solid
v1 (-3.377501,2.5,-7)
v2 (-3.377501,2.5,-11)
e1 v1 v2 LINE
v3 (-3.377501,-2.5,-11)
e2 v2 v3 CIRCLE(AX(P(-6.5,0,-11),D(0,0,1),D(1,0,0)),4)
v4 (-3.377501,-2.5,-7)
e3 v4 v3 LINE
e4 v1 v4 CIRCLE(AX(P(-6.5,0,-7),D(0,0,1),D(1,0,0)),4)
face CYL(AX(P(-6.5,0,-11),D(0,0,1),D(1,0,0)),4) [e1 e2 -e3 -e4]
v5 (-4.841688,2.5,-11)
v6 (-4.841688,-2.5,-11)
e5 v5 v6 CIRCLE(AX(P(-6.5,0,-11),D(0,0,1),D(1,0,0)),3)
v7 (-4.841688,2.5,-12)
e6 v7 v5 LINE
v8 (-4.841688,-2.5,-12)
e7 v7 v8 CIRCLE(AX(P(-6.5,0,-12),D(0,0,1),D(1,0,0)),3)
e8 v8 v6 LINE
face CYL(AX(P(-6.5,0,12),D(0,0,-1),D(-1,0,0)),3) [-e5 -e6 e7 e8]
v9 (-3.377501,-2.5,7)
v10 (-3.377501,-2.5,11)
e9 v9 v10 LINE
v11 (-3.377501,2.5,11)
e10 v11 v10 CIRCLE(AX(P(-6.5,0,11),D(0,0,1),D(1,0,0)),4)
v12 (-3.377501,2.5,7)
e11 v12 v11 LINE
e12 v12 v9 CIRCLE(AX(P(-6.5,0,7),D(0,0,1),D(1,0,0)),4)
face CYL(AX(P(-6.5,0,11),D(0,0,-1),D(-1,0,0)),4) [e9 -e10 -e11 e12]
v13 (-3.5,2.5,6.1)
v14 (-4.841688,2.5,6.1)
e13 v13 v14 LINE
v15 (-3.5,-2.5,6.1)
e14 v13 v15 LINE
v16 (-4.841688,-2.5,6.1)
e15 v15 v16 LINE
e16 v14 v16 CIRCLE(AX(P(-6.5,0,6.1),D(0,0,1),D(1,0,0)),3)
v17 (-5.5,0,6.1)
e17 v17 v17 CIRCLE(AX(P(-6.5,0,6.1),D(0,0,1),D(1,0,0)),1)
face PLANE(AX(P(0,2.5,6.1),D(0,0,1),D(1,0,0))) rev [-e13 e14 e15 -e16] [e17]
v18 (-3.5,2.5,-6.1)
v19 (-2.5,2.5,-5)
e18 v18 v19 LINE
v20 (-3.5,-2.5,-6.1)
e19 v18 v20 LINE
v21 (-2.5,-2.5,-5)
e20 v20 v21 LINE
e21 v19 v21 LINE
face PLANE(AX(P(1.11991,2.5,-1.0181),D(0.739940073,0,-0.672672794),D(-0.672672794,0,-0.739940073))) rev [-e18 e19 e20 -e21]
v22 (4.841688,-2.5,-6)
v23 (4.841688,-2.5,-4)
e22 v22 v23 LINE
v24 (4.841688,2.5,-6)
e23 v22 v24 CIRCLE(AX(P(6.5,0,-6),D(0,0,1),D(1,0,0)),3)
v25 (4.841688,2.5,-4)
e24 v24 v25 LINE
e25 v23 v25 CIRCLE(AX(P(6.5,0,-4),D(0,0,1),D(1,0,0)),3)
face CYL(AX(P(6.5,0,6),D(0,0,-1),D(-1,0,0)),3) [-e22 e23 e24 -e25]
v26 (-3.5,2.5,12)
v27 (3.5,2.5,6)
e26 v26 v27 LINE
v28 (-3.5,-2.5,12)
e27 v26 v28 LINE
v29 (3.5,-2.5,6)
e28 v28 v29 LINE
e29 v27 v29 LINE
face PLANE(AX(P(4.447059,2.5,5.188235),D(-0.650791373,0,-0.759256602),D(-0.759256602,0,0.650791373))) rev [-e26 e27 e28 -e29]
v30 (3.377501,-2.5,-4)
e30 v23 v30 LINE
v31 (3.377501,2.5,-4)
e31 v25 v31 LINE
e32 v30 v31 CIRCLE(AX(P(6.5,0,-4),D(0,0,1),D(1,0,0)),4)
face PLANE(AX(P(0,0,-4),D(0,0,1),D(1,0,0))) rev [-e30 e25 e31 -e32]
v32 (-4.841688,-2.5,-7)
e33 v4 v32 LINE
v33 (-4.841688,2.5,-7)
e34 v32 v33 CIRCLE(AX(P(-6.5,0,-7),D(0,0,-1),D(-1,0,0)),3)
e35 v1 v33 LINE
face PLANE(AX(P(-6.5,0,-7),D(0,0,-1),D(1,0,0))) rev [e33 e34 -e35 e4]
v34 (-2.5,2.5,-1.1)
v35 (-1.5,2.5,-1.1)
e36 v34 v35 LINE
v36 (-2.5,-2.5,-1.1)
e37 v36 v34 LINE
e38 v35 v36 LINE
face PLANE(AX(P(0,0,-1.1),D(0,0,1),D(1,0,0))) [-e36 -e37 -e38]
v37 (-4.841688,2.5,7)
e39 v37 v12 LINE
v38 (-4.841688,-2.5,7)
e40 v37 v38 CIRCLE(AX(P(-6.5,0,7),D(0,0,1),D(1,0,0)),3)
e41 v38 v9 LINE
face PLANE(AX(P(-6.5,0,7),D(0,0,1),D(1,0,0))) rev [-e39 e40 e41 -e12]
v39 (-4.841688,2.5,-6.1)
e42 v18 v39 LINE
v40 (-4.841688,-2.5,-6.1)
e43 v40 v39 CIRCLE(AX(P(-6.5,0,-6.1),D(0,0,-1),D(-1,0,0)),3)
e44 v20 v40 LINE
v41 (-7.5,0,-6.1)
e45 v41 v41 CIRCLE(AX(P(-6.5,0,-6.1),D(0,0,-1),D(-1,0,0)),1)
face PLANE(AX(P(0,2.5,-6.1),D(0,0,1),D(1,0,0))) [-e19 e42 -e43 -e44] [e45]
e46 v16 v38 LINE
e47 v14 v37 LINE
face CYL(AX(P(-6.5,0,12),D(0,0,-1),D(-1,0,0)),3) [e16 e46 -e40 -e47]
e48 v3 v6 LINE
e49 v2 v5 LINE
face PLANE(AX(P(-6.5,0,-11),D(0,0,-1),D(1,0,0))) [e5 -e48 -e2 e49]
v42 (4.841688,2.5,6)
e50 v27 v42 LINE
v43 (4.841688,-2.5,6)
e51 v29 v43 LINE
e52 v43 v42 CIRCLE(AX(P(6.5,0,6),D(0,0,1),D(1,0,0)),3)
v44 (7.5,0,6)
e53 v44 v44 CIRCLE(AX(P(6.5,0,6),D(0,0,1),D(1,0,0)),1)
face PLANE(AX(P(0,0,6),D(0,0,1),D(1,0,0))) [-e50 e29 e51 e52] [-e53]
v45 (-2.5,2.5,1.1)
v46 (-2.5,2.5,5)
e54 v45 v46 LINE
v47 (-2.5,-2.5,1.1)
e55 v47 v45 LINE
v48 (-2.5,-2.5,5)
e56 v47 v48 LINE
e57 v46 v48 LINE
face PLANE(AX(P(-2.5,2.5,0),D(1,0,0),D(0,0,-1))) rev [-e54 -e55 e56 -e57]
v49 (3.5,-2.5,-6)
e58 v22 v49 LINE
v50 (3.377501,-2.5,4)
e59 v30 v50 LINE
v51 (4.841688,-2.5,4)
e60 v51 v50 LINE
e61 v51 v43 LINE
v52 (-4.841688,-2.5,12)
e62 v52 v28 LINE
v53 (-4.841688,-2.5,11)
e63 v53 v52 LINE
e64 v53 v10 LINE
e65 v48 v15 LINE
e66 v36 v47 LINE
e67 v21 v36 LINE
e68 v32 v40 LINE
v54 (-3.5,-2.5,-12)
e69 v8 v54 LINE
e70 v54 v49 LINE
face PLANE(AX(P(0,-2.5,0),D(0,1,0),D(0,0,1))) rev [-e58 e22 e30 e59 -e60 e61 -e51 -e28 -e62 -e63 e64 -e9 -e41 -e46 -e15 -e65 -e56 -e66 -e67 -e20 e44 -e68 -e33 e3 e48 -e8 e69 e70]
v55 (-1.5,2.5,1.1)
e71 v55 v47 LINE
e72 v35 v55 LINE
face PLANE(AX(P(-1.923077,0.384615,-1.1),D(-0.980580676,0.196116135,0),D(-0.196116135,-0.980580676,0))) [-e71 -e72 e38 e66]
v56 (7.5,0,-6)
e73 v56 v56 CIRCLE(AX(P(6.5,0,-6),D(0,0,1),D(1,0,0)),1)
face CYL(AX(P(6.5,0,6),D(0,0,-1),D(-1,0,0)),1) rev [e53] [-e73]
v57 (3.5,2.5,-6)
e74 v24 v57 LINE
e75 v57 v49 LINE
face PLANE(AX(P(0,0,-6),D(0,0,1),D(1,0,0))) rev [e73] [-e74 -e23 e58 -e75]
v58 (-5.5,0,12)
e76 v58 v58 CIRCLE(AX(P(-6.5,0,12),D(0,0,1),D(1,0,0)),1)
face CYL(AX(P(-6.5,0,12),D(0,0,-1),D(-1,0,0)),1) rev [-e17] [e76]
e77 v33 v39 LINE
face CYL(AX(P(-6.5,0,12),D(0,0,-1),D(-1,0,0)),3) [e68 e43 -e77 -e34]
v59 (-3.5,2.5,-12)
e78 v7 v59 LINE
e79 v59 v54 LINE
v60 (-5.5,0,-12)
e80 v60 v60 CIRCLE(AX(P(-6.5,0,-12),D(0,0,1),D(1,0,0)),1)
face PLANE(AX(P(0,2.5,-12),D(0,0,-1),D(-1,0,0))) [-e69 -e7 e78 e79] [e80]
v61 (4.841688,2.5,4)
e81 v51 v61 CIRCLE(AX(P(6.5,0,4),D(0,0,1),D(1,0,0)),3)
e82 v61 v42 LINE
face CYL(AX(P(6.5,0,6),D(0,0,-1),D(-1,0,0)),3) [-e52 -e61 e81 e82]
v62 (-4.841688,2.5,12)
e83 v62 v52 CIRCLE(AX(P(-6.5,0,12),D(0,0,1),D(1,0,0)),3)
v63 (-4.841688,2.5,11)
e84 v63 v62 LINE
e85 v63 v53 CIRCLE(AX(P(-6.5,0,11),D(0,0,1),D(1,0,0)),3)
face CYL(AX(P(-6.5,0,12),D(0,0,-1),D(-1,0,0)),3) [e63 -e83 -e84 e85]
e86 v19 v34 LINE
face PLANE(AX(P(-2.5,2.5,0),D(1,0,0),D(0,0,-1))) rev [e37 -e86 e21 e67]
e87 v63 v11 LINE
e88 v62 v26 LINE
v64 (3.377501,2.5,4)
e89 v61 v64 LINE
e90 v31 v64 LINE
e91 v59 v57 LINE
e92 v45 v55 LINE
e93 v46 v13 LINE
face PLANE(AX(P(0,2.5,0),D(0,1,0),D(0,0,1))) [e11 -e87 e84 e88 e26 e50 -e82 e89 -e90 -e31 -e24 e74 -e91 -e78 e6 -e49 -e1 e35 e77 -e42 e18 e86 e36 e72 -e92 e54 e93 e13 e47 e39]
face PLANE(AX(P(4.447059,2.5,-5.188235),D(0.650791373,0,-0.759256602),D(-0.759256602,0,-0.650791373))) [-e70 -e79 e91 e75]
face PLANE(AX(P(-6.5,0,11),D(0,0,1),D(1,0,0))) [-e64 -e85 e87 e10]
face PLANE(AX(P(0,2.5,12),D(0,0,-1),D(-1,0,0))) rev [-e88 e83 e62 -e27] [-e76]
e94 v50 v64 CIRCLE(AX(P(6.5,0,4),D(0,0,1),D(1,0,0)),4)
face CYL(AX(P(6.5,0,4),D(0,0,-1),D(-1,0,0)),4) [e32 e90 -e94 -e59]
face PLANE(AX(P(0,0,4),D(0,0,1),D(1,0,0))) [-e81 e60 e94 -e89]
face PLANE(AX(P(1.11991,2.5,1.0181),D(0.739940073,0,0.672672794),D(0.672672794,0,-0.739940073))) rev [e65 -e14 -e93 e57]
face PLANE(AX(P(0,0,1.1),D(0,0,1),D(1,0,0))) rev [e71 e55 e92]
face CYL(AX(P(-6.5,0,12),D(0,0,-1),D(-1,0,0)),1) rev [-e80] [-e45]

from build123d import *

# Parameters (mm, degrees)
SKETCH_1_R               = 3
SKETCH_1_R_2             = 1
EXTRUDE_1_DEPTH          = 6
SKETCH_1_4_R             = 4
SKETCH_1_4_R_2           = 3
EXTRUDE_2_DEPTH          = 4
SKETCH_1_5_R             = 3
SKETCH_1_5_R_2           = 1
EXTRUDE_3_DEPTH          = 12
SKETCH_2_R               = 4
SKETCH_2_R_2             = 3
EXTRUDE_4_DEPTH          = 2
CUT_EXTRUDE_1_DEPTH      = 17.439282223
CUT_EXTRUDE_1_DEPTH_BACK = 17.439282223
SKETCH_3_W               = 6
SKETCH_3_H               = 12.2
EXTRUDE_7_DEPTH          = 2.5
CUT_EXTRUDE_2_DEPTH      = 1.1


with BuildPart() as part:
    # Эскиз1 → Бобышка-Вытянуть1 (new, symmetric)
    with BuildSketch(Plane.XY):
        with Locations((6.5, 0)):
            Circle(SKETCH_1_R)
        with Locations((6.5, 0)):
            Circle(SKETCH_1_R_2, mode=Mode.SUBTRACT)
    extrude(amount=EXTRUDE_1_DEPTH, both=True)

    # Эскиз1<4> → Бобышка-Вытянуть2 (add, symmetric)
    with BuildSketch(Plane.XY):
        with Locations((6.5, 0)):
            Circle(SKETCH_1_4_R)
        with Locations((6.5, 0)):
            Circle(SKETCH_1_4_R_2, mode=Mode.SUBTRACT)
    extrude(amount=EXTRUDE_2_DEPTH, both=True)



with BuildPart() as body_2:
    # Эскиз1<5> → Бобышка-Вытянуть3 (new, symmetric)
    with BuildSketch(Plane.XY):
        with Locations((-6.5, 0)):
            Circle(SKETCH_1_5_R)
        with Locations((-6.5, 0)):
            Circle(SKETCH_1_5_R_2, mode=Mode.SUBTRACT)
    extrude(amount=EXTRUDE_3_DEPTH, both=True)

    # Эскиз2 → Бобышка-Вытянуть4 (add, symmetric)
    with BuildSketch(Plane.XY.offset(9)):
        with Locations((-6.5, 0)):
            Circle(SKETCH_2_R)
        with Locations((-6.5, 0)):
            Circle(SKETCH_2_R_2, mode=Mode.SUBTRACT)
    extrude_4 = extrude(amount=EXTRUDE_4_DEPTH, both=True)

    # Зеркальное отражение1: Бобышка-Вытянуть4 across plane
    add(extrude_4.mirror(Plane.XY))

    # Эскиз3 → Вырез-Вытянуть1 (cut, two sides: drawn at the far end of the back side and taken through both)
    with BuildSketch(Plane(origin=(0, 0, 0), x_dir=(1, 0, 0), z_dir=(0, 1, 0)).offset(-CUT_EXTRUDE_1_DEPTH_BACK)):
        with Locations((-6.5, 0)):
            Rectangle(SKETCH_3_W, SKETCH_3_H)
    extrude(amount=CUT_EXTRUDE_1_DEPTH + CUT_EXTRUDE_1_DEPTH_BACK, mode=Mode.SUBTRACT)


with BuildPart() as cut_extrude_1_piece_1:
    # of the separate pieces the step leaves, piece 1, a body of its own (cut_extrude_1_pieces)
    add(body_2.part.solids().sort_by_distance((-3.5, 0, -12))[0])


with BuildPart() as cut_extrude_1_piece_2:
    # of the separate pieces the step leaves, piece 2, a body of its own (cut_extrude_1_pieces)
    add(body_2.part.solids().sort_by_distance((-5.5, 0, 12))[0])


with BuildPart() as part_1:
    add(part.part)

    add(cut_extrude_1_piece_1.part)  # Бобышка-Вытянуть7 merges Вырез-Вытянуть1 piece 1

    add(cut_extrude_1_piece_2.part)  # Бобышка-Вытянуть7 merges Вырез-Вытянуть1 piece 2
    # Эскиз4 → Бобышка-Вытянуть7 (add, symmetric)
    with BuildSketch(Plane(origin=(0, 0, 0), x_dir=(1, 0, 0), z_dir=(0, 1, 0))):
        Polygon((5.5, -6), (5.5, 6), (3.5, 6), (-3.5, 12), (-5.5, 12), (-5.5, 6.1), (-3.5, 6.1), (-2.5, 5), (-2.5, -5), (-3.5, -6.1), (-5.5, -6.1), (-5.5, -12), (-3.5, -12), (3.5, -6), align=None)
    extrude(amount=EXTRUDE_7_DEPTH, both=True)

    # Эскиз5 → Вырез-Вытянуть2 (cut, symmetric)
    with BuildSketch(Plane.XY):
        Polygon((-2.5, 2.5), (-2.5, -2.5), (-1.5, 2.5), align=None)
    extrude(amount=CUT_EXTRUDE_2_DEPTH, both=True, mode=Mode.SUBTRACT)


solid = part_1.part
